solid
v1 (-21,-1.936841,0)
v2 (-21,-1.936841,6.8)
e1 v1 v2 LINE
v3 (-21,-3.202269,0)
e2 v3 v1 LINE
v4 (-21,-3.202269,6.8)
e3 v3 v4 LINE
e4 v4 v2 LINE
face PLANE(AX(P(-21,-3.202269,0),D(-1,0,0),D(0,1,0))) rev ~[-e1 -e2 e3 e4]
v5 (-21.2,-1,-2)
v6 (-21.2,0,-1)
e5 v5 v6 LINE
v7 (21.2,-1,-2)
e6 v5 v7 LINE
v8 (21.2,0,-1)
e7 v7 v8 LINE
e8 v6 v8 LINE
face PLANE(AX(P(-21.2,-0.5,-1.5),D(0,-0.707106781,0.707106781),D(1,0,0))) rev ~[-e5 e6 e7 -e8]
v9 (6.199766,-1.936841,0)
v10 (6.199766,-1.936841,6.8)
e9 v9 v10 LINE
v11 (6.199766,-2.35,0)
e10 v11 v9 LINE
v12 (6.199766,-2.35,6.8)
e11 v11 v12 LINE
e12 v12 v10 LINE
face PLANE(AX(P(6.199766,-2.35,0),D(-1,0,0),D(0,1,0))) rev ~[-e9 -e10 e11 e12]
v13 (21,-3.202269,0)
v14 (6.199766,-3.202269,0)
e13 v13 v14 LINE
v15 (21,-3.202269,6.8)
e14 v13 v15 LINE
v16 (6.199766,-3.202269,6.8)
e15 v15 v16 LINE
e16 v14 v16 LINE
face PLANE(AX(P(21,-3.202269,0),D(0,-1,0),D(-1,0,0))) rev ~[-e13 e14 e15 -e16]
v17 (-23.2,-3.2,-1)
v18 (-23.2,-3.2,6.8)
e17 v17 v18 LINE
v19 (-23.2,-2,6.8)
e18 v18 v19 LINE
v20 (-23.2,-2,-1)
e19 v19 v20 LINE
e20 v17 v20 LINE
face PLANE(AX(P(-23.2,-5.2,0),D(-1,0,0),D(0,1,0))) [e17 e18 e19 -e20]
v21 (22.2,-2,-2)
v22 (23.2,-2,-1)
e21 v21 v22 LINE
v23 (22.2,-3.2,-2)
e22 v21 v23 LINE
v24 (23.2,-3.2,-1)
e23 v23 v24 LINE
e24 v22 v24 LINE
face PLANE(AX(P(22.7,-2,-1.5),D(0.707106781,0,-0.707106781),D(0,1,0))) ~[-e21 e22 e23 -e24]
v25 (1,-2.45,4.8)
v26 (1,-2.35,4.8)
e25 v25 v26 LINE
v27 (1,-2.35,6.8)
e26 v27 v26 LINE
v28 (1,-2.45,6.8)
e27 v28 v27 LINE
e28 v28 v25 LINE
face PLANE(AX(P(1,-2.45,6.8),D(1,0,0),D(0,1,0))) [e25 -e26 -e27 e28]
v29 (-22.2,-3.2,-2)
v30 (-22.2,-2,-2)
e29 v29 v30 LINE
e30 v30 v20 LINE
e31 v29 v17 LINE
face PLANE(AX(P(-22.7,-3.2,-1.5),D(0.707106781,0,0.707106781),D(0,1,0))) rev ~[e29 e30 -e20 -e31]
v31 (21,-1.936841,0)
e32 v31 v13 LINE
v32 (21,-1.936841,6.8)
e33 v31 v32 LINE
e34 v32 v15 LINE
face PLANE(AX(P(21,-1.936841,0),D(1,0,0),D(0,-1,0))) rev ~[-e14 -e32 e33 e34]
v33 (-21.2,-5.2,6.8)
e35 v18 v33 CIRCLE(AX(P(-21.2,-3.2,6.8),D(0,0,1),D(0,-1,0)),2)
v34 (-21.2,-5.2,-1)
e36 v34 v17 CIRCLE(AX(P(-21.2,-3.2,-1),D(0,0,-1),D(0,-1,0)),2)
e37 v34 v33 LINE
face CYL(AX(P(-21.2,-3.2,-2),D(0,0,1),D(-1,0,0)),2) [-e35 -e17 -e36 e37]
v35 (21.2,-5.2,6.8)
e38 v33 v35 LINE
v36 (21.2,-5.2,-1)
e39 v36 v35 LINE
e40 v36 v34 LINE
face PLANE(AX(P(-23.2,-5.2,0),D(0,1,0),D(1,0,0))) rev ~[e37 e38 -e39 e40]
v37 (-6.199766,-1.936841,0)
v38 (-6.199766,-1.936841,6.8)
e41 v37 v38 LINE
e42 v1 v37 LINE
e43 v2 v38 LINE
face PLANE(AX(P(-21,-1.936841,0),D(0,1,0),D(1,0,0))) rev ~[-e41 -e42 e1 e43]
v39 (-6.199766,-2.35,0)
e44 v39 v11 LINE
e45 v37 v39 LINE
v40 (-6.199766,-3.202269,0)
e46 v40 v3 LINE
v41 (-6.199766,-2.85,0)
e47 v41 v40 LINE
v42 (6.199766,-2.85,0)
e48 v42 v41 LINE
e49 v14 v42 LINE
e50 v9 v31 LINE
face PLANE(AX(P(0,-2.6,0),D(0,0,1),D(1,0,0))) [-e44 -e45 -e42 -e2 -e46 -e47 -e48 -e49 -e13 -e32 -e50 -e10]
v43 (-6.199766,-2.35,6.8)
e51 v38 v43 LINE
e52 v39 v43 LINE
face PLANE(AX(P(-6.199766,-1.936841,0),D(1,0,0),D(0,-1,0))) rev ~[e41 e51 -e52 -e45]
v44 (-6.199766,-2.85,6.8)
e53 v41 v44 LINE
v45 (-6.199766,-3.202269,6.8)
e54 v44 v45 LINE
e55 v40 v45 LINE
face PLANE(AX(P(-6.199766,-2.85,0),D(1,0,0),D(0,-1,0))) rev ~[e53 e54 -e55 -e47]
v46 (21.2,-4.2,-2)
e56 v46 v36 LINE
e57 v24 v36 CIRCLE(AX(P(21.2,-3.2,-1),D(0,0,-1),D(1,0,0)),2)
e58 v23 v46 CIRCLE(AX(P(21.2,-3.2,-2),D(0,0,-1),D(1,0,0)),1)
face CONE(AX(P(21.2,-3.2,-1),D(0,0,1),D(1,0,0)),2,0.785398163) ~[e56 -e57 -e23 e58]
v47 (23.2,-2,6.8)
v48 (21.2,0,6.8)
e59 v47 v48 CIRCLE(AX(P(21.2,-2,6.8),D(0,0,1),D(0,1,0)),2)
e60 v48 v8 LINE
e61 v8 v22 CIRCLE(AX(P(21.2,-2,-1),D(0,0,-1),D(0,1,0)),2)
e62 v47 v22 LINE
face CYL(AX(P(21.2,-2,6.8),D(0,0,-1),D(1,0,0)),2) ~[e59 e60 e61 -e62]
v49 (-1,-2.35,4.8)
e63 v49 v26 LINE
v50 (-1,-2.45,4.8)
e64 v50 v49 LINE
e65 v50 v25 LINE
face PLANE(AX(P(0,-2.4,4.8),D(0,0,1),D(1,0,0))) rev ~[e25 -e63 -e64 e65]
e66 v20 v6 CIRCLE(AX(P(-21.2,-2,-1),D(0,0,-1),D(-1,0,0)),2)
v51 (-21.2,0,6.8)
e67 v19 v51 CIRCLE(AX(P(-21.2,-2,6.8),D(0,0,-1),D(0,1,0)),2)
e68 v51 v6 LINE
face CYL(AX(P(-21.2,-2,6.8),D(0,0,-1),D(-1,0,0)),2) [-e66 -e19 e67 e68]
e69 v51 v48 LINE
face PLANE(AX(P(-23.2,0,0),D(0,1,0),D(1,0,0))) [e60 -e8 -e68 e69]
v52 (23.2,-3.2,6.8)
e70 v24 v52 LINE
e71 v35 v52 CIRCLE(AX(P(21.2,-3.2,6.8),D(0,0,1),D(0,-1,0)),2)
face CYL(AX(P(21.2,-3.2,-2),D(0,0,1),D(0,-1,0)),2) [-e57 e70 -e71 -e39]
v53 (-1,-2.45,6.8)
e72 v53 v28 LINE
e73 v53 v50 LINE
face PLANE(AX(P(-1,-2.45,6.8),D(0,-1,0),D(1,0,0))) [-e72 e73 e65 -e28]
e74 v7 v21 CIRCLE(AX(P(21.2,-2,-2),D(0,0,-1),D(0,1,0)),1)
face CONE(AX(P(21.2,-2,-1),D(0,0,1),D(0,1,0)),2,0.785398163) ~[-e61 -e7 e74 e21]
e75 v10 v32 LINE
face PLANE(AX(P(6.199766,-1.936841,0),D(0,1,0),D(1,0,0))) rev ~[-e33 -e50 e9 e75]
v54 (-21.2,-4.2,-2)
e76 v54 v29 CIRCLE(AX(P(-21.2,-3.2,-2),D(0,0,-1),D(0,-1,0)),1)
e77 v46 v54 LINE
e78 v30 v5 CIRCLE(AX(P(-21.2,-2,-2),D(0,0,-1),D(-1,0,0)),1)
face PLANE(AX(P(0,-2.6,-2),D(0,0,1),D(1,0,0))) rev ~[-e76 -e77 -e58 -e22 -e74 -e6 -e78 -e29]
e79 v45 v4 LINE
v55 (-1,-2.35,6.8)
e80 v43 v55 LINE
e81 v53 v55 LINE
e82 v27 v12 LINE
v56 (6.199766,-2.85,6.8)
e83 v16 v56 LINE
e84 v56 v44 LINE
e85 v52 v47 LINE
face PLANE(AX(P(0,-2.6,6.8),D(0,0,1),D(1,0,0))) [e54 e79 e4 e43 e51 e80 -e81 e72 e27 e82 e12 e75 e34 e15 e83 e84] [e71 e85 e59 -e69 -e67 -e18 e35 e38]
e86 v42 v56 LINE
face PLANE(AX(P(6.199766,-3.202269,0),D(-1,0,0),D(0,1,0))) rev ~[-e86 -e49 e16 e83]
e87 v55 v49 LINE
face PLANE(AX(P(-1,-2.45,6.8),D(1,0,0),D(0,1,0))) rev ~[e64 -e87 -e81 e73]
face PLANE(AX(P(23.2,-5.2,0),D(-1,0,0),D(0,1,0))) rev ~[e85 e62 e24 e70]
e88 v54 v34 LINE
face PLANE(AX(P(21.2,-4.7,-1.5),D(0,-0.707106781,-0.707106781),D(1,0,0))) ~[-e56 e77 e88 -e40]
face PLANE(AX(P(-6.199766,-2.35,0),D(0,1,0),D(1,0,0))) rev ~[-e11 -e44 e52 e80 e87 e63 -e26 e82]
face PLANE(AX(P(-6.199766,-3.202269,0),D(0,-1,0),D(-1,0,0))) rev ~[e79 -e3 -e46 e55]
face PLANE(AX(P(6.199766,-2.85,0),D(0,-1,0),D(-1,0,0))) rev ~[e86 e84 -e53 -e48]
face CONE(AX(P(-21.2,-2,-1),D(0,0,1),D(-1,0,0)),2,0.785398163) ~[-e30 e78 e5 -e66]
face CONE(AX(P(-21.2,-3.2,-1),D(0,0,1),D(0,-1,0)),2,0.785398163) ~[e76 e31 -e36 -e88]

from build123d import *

# Parameters (mm, degrees)
F0_W     = 46.4
F0_H     = 5.2
F0_W_2   = 14.8002340496
F0_H_2   = 0.4131594501
F0_H_3   = 0.3522689282
F1_DEPTH = 2
F2_DEPTH = 6.8
F3_R     = 2
F4_SIZE  = 1
F5_W     = 2
F5_H     = 0.1
F6_DEPTH = 2


with BuildPart() as f1:
    # F0 (on Top) → F1 (new body)
    with BuildSketch(Plane.XY):
        with Locations((0, -2.6)):
            Rectangle(F0_W, F0_H)
        Polygon((-21, -2.85), (-21, -2.35), (-21, -1.9368405499), (-6.1997659504, -1.9368405499), (-6.1997659504, -2.35), (0, -2.35), (6.1997659504, -2.35), (6.1997659504, -1.9368405499), (21, -1.9368405499), (21, -2.35), (21, -2.85), (21, -3.2022689282), (6.1997659504, -3.2022689282), (6.1997659504, -2.85), (0, -2.85), (-6.1997659504, -2.85), (-6.1997659504, -3.2022689282), (-21, -3.2022689282), align=None, mode=Mode.SUBTRACT)
        Polygon((-6.1997659504, -2.35), (-21, -2.35), (-21, -2.85), (-6.1997659504, -2.85), (0, -2.85), (6.1997659504, -2.85), (21, -2.85), (21, -2.35), (6.1997659504, -2.35), (0, -2.35), align=None)
        with Locations((-13.5998829752, -2.143420275)):
            Rectangle(F0_W_2, F0_H_2)
        with Locations((13.5998829752, -2.143420275)):
            Rectangle(F0_W_2, F0_H_2)
        with Locations((-13.5998829752, -3.0261344641)):
            Rectangle(F0_W_2, F0_H_3)
        with Locations((13.5998829752, -3.0261344641)):
            Rectangle(F0_W_2, F0_H_3)
    extrude(amount=-F1_DEPTH)

    # F0 (on Top) → F2 (join)
    with BuildSketch(Plane.XY):
        with Locations((0, -2.6)):
            Rectangle(F0_W, F0_H)
        Polygon((-21, -2.85), (-21, -2.35), (-21, -1.9368405499), (-6.1997659504, -1.9368405499), (-6.1997659504, -2.35), (0, -2.35), (6.1997659504, -2.35), (6.1997659504, -1.9368405499), (21, -1.9368405499), (21, -2.35), (21, -2.85), (21, -3.2022689282), (6.1997659504, -3.2022689282), (6.1997659504, -2.85), (0, -2.85), (-6.1997659504, -2.85), (-6.1997659504, -3.2022689282), (-21, -3.2022689282), align=None, mode=Mode.SUBTRACT)
    extrude(amount=F2_DEPTH)

    # F3
    f3_edges = [f1.edges().sort_by_distance(p)[0] for p in [
        (23.2, -5.2, 2.4),
        (23.2, 0, 2.4),
        (-23.2, -5.2, 2.4),
        (-23.2, 0, 2.4),
    ]]
    fillet(f3_edges, radius=F3_R)

    # F4
    f4_edges = [f1.edges().sort_by_distance(p)[0] for p in [
        (0, 0, -2),
        (22.614214, -0.585786, -2),
        (-22.614214, -0.585786, -2),
        (23.2, -2.6, -2),
        (-23.2, -2.6, -2),
        (22.614214, -4.614214, -2),
        (-22.614214, -4.614214, -2),
        (0, -5.2, -2),
    ]]
    chamfer(f4_edges, length=F4_SIZE)

    # F5 (on face) → F6 (join)
    with BuildSketch(Plane.XY.offset(6.8)):
        with Locations((0, -2.4)):
            Rectangle(F5_W, F5_H)
    extrude(amount=-F6_DEPTH)


solid = f1.part
